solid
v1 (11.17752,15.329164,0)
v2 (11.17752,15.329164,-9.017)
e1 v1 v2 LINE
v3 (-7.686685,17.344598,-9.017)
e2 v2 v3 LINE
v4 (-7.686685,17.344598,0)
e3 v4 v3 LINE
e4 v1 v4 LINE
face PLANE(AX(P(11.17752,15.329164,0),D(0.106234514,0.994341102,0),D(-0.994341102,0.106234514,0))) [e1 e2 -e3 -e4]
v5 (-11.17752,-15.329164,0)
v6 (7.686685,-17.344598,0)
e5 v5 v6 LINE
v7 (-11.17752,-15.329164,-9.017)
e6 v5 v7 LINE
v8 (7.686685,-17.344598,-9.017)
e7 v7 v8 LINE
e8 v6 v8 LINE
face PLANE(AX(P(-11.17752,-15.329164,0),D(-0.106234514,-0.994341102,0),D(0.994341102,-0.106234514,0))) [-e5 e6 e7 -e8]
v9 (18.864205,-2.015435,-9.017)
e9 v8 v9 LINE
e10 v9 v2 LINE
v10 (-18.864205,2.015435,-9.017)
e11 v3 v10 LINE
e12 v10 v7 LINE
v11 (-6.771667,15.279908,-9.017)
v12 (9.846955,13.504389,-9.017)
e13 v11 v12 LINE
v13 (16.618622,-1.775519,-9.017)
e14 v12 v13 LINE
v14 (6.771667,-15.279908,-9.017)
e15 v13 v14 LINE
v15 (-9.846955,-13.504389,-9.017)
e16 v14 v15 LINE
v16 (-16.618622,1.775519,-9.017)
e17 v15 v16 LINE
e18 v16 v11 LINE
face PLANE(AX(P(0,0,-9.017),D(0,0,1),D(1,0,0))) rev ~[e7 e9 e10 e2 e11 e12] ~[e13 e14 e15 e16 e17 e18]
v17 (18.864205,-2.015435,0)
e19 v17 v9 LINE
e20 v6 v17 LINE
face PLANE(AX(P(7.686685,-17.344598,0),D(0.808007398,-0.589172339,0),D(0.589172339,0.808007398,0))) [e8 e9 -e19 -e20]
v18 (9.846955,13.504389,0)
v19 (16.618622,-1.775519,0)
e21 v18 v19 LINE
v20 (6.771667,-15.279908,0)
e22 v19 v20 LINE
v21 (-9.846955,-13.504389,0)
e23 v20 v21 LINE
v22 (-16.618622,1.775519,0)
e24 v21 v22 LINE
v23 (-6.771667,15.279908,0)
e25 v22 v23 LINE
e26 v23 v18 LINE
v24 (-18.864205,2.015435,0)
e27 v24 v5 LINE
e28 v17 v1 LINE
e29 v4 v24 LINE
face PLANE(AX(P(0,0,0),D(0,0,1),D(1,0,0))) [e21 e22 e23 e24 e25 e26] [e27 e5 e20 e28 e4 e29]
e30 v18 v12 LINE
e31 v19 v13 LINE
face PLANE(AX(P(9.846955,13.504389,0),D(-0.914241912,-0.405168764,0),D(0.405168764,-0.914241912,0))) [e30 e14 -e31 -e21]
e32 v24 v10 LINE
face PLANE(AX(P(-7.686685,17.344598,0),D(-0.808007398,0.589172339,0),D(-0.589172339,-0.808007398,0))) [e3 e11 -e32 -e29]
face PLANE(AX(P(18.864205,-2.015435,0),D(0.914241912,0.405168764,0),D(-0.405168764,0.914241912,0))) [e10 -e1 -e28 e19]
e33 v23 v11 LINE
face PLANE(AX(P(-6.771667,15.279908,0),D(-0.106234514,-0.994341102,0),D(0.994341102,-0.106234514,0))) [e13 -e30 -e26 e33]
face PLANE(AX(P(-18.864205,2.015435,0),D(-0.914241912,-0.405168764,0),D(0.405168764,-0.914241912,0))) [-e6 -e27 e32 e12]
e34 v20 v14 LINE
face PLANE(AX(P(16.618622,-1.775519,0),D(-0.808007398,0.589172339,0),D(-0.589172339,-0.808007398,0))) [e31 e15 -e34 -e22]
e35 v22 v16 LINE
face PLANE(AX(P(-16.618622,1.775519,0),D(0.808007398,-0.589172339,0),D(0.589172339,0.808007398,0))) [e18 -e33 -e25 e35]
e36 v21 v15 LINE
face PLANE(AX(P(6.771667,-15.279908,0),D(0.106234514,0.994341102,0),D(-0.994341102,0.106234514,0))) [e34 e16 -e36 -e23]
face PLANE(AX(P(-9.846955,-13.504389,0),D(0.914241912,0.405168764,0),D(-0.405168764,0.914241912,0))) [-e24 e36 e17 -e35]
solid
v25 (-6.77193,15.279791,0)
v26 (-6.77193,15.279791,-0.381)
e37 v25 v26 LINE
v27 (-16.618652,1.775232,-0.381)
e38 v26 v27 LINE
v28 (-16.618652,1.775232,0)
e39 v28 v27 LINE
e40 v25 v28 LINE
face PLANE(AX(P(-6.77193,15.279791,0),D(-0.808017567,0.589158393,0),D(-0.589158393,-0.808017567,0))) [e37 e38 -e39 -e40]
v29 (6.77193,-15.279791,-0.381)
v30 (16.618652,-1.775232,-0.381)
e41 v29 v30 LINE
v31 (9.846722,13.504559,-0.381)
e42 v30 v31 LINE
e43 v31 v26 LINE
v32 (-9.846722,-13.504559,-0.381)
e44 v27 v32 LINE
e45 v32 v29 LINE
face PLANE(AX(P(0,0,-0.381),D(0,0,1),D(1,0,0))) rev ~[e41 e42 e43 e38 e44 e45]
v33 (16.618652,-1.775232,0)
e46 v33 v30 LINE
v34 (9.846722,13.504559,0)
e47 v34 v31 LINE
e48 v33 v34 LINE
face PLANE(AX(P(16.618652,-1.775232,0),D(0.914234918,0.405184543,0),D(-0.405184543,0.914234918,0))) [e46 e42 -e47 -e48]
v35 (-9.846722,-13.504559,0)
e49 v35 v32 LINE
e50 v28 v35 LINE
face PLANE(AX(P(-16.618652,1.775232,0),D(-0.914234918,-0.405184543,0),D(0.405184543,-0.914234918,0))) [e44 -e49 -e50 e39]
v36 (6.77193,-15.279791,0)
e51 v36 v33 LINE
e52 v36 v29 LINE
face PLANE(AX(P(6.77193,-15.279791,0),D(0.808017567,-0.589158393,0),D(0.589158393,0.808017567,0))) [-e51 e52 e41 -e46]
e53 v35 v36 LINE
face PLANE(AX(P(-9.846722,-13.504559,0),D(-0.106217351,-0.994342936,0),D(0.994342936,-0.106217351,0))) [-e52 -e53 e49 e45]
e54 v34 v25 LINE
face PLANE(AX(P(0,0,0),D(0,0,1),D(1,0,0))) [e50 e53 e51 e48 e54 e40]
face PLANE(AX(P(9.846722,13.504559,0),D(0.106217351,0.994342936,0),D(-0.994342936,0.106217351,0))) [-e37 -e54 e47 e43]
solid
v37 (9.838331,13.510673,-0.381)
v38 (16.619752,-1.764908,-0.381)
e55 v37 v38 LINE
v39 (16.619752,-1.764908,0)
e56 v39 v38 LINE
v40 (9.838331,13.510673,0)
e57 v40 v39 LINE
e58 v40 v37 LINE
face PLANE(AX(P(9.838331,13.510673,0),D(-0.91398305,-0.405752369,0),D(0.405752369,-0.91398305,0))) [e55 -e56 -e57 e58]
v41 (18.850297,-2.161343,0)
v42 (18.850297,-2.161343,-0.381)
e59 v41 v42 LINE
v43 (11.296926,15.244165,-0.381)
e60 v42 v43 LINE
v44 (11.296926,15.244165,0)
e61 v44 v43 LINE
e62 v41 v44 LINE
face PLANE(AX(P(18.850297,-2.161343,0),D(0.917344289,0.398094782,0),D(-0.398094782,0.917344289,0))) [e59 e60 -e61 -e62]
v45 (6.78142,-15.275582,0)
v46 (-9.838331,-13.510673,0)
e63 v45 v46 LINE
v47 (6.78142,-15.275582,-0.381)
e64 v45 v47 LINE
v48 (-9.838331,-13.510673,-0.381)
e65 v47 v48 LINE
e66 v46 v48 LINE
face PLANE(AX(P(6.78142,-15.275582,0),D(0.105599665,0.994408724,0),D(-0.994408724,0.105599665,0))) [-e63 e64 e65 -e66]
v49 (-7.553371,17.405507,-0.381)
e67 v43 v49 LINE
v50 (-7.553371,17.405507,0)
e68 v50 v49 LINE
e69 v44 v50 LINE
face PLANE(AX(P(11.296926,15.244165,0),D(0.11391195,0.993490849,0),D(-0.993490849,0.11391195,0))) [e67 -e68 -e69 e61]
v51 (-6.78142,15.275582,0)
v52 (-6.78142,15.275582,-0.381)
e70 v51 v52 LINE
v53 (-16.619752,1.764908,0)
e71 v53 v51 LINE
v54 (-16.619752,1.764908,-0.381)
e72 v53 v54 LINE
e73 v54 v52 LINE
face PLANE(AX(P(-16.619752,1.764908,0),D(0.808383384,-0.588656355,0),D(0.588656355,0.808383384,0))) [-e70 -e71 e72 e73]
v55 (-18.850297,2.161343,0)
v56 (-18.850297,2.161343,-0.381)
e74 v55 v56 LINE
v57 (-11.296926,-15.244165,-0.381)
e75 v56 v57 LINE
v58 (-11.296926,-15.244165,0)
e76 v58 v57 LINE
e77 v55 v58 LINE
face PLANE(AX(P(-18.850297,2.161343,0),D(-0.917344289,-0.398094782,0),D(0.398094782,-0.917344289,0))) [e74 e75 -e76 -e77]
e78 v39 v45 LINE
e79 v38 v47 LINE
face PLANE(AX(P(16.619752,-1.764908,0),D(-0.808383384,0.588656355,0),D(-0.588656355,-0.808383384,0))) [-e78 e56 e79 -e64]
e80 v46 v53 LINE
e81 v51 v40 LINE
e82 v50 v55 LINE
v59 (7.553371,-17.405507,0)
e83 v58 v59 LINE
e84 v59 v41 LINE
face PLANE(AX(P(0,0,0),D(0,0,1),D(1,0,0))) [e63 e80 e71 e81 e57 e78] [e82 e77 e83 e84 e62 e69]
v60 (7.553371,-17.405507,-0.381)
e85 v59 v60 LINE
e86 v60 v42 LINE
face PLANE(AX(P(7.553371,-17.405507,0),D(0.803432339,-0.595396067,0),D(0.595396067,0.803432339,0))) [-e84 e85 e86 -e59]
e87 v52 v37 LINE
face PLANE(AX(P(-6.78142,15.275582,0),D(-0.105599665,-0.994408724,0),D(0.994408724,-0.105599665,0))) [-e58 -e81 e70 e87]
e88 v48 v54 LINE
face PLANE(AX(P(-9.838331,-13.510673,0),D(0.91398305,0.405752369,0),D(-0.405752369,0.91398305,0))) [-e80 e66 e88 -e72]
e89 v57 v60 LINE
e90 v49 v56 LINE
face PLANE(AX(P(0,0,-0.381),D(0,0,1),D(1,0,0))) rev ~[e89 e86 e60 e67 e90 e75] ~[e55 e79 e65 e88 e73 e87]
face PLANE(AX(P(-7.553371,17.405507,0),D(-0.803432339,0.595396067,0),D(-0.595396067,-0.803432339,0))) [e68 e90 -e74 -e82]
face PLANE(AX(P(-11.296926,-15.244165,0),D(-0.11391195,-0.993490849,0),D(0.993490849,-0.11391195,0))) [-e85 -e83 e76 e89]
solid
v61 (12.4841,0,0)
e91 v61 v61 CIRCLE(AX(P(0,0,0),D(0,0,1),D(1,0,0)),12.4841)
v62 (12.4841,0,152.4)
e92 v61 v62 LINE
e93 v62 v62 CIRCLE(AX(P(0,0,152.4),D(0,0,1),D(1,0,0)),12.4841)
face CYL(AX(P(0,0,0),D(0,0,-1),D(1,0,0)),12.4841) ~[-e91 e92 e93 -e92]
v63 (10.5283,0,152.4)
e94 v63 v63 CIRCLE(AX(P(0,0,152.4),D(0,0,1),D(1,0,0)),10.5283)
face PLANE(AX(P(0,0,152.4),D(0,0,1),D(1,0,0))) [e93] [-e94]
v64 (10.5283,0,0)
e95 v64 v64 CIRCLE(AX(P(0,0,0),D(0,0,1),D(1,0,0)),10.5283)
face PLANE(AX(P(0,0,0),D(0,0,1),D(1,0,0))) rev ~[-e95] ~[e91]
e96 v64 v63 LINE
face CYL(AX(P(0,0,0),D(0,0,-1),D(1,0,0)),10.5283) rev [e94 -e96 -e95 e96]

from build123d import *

# Parameters (mm, degrees)
F1_DEPTH  = 9.017
F2_R      = 12.4841
F2_R_2    = 10.5283
F3_DEPTH  = 152.4
F5_R      = 10.5283
F6_DEPTH  = 25.4
F8_DEPTH  = 0.381
F10_DEPTH = 0.381
F11_R     = 10.5283
F12_DEPTH = 25.4


with BuildPart() as f1:
    # F0 (on Top) → F1 (new body)
    with BuildSketch(Plane.XY):
        Polygon((7.6866848508, -17.3445983102), (18.8642051805, -2.0154348034), (11.1775203296, 15.3291635068), (-7.6866848508, 17.3445983102), (-18.8642051805, 2.0154348034), (-11.1775203296, -15.3291635068), align=None)
        Polygon((9.8469551345, 13.5043892428), (16.6186217141, -1.775518675), (6.7716665796, -15.2799079178), (-9.8469551345, -13.5043892428), (-16.6186217141, 1.775518675), (-6.7716665796, 15.2799079178), align=None, mode=Mode.SUBTRACT)
    extrude(amount=-F1_DEPTH)

    # F5 (on Top) → F6 (cut)
    with BuildSketch(Plane.XY):
        Circle(F5_R)
    extrude(amount=F6_DEPTH, mode=Mode.SUBTRACT)

    # F11 (on Top) → F12 (cut)
    with BuildSketch(Plane.XY):
        Circle(F11_R)
    extrude(amount=F12_DEPTH, mode=Mode.SUBTRACT)


with BuildPart() as f3:
    # F2 (on Top) → F3 (new body)
    with BuildSketch(Plane.XY):
        Circle(F2_R)
        Circle(F2_R_2, mode=Mode.SUBTRACT)
    extrude(amount=F3_DEPTH)


with BuildPart() as f8:
    # F7 (on Top) → F8 (new body)
    with BuildSketch(Plane.XY):
        Polygon((6.7719303097, -15.2797910366), (16.618652357, -1.7752318375), (9.8467220474, 13.5045591991), (-6.7719303097, 15.2797910366), (-16.618652357, 1.7752318375), (-9.8467220474, -13.5045591991), align=None)
    extrude(amount=-F8_DEPTH)


with BuildPart() as f10:
    # F9 (on Top) → F10 (new body)
    with BuildSketch(Plane.XY):
        Polygon((7.5533707782, -17.405507069), (18.8502966765, -2.1613425564), (11.2969258984, 15.2441645126), (-7.5533707782, 17.405507069), (-18.8502966765, 2.1613425564), (-11.2969258984, -15.2441645126), align=None)
        Polygon((9.8383313898, 13.5106731773), (16.6197518887, -1.7649083258), (6.7814204989, -15.2755815031), (-9.8383313898, -13.5106731773), (-16.6197518887, 1.7649083258), (-6.7814204989, 15.2755815031), align=None, mode=Mode.SUBTRACT)
    extrude(amount=-F10_DEPTH)


solid = Compound([f1.part, f3.part, f8.part, f10.part])
